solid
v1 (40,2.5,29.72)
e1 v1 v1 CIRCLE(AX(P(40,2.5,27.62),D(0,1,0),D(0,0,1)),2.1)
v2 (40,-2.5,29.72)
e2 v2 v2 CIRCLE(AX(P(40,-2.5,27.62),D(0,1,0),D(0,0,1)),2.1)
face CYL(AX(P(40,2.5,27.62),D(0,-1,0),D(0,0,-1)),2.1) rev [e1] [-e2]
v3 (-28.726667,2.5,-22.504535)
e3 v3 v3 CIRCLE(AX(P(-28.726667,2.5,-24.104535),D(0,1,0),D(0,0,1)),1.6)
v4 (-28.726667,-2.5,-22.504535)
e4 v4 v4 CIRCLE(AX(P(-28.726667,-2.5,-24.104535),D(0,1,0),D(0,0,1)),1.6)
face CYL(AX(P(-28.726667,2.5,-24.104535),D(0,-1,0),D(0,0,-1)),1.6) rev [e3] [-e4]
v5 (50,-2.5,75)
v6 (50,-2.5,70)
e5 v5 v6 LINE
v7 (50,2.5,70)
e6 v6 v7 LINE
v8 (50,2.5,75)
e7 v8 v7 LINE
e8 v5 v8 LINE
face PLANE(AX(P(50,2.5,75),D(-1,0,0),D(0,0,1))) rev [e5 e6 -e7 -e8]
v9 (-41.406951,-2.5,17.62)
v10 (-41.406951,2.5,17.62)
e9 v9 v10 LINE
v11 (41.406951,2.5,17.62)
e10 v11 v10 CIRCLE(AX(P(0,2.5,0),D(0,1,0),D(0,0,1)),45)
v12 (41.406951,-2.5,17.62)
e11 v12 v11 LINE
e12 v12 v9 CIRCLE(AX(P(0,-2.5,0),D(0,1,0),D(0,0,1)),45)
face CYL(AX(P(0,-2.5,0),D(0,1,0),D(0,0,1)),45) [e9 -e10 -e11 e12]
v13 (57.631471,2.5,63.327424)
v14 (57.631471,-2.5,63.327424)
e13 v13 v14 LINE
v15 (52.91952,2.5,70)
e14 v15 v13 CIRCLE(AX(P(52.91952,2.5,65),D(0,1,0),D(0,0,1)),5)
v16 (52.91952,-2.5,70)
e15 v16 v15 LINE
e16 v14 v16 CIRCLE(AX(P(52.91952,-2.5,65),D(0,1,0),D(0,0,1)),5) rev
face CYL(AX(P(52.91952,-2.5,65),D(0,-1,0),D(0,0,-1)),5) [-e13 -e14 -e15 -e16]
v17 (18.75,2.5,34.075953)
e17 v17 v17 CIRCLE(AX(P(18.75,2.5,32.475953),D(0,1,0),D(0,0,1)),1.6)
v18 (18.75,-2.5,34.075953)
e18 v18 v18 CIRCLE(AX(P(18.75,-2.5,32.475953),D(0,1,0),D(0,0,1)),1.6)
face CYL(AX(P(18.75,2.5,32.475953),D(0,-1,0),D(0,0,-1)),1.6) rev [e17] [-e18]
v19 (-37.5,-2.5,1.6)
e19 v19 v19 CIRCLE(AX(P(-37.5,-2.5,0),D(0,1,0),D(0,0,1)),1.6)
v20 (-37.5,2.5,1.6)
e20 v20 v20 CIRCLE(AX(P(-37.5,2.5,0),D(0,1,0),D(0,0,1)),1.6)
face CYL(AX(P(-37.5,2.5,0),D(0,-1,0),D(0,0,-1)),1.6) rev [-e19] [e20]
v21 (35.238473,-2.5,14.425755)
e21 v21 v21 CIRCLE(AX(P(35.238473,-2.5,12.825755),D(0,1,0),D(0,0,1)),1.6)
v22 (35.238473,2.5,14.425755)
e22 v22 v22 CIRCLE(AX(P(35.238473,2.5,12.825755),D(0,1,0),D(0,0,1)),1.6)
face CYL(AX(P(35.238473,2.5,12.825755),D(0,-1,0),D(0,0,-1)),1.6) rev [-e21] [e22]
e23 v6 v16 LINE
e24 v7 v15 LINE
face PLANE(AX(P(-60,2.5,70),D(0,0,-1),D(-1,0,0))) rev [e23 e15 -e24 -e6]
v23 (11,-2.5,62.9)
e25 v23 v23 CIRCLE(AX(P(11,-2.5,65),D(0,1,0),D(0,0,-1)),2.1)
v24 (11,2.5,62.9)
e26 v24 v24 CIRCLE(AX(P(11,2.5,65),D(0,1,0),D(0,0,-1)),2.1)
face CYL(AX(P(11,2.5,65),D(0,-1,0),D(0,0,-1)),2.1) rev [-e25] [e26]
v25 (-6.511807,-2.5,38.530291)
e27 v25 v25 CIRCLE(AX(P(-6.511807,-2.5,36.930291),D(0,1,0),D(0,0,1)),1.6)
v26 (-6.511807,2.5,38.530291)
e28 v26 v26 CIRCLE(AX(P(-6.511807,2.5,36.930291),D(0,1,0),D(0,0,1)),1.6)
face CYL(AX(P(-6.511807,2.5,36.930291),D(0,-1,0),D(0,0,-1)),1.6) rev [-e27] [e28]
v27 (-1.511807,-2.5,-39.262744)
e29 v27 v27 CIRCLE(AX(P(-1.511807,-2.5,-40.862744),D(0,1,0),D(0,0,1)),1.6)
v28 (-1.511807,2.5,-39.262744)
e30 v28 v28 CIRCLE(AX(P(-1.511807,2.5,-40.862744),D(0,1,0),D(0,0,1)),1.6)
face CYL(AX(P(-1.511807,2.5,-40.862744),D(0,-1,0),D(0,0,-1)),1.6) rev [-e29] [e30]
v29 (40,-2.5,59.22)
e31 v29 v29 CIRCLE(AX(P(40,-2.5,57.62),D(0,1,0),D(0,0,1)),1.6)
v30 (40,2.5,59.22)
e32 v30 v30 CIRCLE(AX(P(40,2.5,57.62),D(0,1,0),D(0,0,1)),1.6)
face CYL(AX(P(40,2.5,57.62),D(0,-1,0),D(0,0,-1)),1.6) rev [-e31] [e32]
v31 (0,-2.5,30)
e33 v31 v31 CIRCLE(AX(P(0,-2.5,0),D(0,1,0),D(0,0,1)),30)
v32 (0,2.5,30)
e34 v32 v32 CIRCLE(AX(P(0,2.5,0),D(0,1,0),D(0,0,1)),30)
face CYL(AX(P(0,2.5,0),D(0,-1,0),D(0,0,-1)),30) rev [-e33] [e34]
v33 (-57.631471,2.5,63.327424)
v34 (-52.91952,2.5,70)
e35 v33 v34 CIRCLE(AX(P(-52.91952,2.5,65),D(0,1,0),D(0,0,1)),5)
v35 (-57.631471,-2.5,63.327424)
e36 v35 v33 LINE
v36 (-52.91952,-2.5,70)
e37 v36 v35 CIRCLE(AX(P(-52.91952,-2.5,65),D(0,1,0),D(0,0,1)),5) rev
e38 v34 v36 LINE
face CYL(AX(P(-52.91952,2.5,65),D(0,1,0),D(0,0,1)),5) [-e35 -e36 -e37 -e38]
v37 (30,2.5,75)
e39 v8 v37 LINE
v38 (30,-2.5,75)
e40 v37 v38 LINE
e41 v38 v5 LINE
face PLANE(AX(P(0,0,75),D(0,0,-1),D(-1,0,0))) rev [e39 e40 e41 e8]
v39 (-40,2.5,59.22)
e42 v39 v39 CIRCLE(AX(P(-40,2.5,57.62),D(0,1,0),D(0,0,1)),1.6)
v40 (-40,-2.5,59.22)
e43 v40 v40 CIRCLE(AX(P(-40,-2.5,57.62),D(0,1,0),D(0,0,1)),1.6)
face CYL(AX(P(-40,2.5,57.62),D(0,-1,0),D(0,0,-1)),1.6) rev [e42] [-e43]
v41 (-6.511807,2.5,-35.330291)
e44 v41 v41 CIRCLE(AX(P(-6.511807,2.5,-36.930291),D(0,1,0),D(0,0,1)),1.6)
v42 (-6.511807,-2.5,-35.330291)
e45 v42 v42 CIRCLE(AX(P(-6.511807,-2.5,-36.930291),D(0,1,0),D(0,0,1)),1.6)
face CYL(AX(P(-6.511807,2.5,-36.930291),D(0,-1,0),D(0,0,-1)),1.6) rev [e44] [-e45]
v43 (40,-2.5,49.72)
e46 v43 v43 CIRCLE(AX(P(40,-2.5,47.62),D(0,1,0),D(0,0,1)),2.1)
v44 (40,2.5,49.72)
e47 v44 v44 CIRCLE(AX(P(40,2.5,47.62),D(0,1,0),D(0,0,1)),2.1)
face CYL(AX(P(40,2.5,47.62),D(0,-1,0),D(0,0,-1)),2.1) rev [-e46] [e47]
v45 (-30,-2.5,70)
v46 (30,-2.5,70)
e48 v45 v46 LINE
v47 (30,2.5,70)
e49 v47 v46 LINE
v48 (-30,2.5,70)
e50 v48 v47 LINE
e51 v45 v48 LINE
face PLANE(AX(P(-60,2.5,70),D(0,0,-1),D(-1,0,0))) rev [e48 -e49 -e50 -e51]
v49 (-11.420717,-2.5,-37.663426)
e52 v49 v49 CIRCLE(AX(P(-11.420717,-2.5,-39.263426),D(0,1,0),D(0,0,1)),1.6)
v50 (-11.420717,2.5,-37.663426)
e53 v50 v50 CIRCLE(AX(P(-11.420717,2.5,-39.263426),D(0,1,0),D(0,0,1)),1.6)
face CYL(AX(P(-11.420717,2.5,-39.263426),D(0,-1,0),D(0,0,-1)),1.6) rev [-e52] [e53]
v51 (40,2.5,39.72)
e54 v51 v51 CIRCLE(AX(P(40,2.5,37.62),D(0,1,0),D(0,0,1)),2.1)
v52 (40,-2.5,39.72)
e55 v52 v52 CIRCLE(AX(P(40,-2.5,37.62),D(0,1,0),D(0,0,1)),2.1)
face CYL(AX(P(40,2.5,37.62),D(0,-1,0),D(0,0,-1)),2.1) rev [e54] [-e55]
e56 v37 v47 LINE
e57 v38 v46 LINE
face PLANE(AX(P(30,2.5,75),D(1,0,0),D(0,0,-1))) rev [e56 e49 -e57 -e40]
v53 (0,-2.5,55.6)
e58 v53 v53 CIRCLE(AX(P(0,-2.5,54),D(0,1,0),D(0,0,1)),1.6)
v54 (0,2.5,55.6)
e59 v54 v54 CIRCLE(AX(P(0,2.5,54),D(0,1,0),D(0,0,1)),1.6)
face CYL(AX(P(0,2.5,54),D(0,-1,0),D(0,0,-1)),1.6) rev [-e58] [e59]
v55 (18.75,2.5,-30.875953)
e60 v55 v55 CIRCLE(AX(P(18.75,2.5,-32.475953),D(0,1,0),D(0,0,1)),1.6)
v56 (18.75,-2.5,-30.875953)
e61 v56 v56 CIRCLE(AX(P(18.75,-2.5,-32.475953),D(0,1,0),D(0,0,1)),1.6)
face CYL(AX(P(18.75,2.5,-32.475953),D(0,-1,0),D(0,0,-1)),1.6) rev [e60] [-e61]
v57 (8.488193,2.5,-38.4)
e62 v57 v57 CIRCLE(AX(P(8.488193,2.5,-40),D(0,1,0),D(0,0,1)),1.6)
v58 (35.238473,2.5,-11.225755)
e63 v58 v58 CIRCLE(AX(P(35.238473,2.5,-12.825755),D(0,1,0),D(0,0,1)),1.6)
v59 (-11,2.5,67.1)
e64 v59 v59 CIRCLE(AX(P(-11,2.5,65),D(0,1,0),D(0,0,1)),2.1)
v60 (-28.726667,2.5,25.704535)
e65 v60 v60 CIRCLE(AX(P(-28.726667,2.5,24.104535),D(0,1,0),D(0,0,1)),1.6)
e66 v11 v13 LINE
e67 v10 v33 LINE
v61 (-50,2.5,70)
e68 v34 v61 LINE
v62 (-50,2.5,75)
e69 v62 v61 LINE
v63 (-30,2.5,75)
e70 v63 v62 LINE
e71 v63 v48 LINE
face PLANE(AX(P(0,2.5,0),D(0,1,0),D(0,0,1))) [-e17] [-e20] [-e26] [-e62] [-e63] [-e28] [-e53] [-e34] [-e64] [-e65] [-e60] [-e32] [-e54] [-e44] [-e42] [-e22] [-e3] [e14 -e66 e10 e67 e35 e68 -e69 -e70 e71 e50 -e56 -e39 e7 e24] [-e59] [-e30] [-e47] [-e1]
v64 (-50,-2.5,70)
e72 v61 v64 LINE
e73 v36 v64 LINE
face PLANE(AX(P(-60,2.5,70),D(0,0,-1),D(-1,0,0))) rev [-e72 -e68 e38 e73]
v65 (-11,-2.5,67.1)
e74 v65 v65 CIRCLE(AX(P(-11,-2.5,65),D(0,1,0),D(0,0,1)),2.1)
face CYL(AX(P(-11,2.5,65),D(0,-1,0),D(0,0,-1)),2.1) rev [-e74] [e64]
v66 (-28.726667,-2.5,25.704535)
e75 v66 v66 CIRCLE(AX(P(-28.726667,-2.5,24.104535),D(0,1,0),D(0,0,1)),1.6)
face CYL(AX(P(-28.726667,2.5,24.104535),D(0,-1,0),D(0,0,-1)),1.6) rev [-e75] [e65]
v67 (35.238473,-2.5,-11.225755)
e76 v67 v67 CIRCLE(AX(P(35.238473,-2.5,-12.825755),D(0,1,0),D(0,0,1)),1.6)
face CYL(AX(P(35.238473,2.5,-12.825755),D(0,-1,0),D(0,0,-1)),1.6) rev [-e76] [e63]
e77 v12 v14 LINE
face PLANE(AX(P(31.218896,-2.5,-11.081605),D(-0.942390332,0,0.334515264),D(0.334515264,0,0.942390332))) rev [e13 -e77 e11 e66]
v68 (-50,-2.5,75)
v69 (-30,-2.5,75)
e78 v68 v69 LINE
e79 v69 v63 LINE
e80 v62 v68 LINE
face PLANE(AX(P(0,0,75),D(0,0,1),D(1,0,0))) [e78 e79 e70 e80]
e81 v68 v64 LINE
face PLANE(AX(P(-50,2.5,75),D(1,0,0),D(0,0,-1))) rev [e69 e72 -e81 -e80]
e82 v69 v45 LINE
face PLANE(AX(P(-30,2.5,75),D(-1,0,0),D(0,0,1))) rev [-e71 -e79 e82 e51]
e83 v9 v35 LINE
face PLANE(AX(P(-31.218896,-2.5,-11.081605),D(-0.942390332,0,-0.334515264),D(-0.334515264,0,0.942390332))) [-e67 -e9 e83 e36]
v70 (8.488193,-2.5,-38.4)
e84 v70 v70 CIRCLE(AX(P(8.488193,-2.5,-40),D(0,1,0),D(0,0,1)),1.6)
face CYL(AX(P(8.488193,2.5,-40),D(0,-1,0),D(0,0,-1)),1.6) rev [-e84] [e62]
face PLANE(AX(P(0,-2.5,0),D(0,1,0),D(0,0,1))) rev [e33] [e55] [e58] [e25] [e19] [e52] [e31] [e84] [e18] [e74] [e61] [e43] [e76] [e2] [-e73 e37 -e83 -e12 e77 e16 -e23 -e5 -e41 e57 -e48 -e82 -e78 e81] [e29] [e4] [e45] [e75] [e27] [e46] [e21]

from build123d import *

# Parameters (mm, degrees)
SKETCH_1_R          = 1.6
SKETCH_1_R_2        = 30
SKETCH_1_R_3        = 2.1
EXTRUDE_1_DEPTH     = 2.5
SKETCH_2_W          = 20
SKETCH_2_H          = 5
EXTRUDE_2_DEPTH     = 5
CUT_EXTRUDE_1_DEPTH = 97.176920308
FILLET_1_R          = 5


with BuildPart() as part:
    # 草图1 → 凸台-拉伸1 (new, symmetric)
    with BuildSketch(Plane(origin=(0, 0, 0), x_dir=(1, 0, 0), z_dir=(0, 1, 0))):
        with BuildLine():
            Line((-60, 0), (-60, -70))
            Line((-60, -70), (60, -70))
            Line((60, -70), (60, 0))
            ThreePointArc((60, 0), (42.426406871, 42.426406871), (0, 60))
            ThreePointArc((0, 60), (-42.426406871, 42.426406871), (-60, 0))
        make_face()
        with Locations(Location((-37.5, 0, 0), (0, 0, 270))):
            Circle(SKETCH_1_R, mode=Mode.SUBTRACT)
        with Locations(Location((-40, -57.62, 0), (0, 0, 270))):
            Circle(SKETCH_1_R, mode=Mode.SUBTRACT)
        with Locations(Location((40, -57.62, 0), (0, 0, 270))):
            Circle(SKETCH_1_R, mode=Mode.SUBTRACT)
        with Locations(Location((0, 0, 0), (0, 0, 270))):
            Circle(SKETCH_1_R_2, mode=Mode.SUBTRACT)
        with Locations(Location((-28.726666617, 24.104535363, 0), (0, 0, 270))):
            Circle(SKETCH_1_R, mode=Mode.SUBTRACT)
        with Locations(Location((-6.511806663, 36.930290738, 0), (0, 0, 270))):
            Circle(SKETCH_1_R, mode=Mode.SUBTRACT)
        with Locations(Location((18.75, 32.475952642, 0), (0, 0, 270))):
            Circle(SKETCH_1_R, mode=Mode.SUBTRACT)
        with Locations(Location((35.238473279, 12.825755375, 0), (0, 0, 270))):
            Circle(SKETCH_1_R, mode=Mode.SUBTRACT)
        with Locations(Location((35.238473279, -12.825755375, 0), (0, 0, 270))):
            Circle(SKETCH_1_R, mode=Mode.SUBTRACT)
        with Locations(Location((18.75, -32.475952642, 0), (0, 0, 270))):
            Circle(SKETCH_1_R, mode=Mode.SUBTRACT)
        with Locations(Location((-6.511806663, -36.930290738, 0), (0, 0, 270))):
            Circle(SKETCH_1_R, mode=Mode.SUBTRACT)
        with Locations(Location((-28.726666617, -24.104535363, 0), (0, 0, 270))):
            Circle(SKETCH_1_R, mode=Mode.SUBTRACT)
        with Locations(Location((-11, -65, 0), (0, 0, 270))):
            Circle(SKETCH_1_R_3, mode=Mode.SUBTRACT)
        with Locations(Location((11, -65, 0), (0, 0, 90))):
            Circle(SKETCH_1_R_3, mode=Mode.SUBTRACT)
        with Locations(Location((40, -47.62, 0), (0, 0, 270))):
            Circle(SKETCH_1_R_3, mode=Mode.SUBTRACT)
        with Locations(Location((40, -37.62, 0), (0, 0, 270))):
            Circle(SKETCH_1_R_3, mode=Mode.SUBTRACT)
        with Locations(Location((40, -27.62, 0), (0, 0, 270))):
            Circle(SKETCH_1_R_3, mode=Mode.SUBTRACT)
        with Locations(Location((0, -54, 0), (0, 0, 270))):
            Circle(SKETCH_1_R, mode=Mode.SUBTRACT)
        with Locations(Location((8.488193337, 40, 0), (0, 0, 270))):
            Circle(SKETCH_1_R, mode=Mode.SUBTRACT)
        with Locations(Location((-1.511806663, 40.862744239, 0), (0, 0, 270))):
            Circle(SKETCH_1_R, mode=Mode.SUBTRACT)
        with Locations(Location((-11.420717282, 39.263426275, 0), (0, 0, 270))):
            Circle(SKETCH_1_R, mode=Mode.SUBTRACT)
    extrude(amount=EXTRUDE_1_DEPTH, both=True)

    # 草图2 → 凸台-拉伸2 (add)
    with BuildSketch(Plane.XY.offset(70)):
        with Locations((40, 0)):
            Rectangle(SKETCH_2_W, SKETCH_2_H)
        with Locations((-40, 0)):
            Rectangle(SKETCH_2_W, SKETCH_2_H)
    extrude(amount=EXTRUDE_2_DEPTH)

    # 草图3 → 切除-拉伸1 (cut, through all)
    with BuildSketch(Plane(origin=(0, 2.5, 0), x_dir=(1, 0, 0), z_dir=(0, 1, 0))):
        with BuildLine():
            ThreePointArc((41.406951107, -17.62), (0, 45), (-41.406951107, -17.62))
            Line((-41.406951107, -17.62), (-60, -70))
            Line((-60, -70), (-60, 0))
            ThreePointArc((-60, 0), (0, 60), (60, 0))
            Line((60, 0), (60, -70))
            Line((60, -70), (41.406951107, -17.62))
        make_face()
    extrude(amount=-CUT_EXTRUDE_1_DEPTH, mode=Mode.SUBTRACT)

    # 圆角1
    fillet_1_edges = [part.edges().sort_by_distance(p)[0] for p in [
        (60, 0, 70),
        (-60, 0, 70),
    ]]
    fillet(fillet_1_edges, radius=FILLET_1_R)


solid = part.part
